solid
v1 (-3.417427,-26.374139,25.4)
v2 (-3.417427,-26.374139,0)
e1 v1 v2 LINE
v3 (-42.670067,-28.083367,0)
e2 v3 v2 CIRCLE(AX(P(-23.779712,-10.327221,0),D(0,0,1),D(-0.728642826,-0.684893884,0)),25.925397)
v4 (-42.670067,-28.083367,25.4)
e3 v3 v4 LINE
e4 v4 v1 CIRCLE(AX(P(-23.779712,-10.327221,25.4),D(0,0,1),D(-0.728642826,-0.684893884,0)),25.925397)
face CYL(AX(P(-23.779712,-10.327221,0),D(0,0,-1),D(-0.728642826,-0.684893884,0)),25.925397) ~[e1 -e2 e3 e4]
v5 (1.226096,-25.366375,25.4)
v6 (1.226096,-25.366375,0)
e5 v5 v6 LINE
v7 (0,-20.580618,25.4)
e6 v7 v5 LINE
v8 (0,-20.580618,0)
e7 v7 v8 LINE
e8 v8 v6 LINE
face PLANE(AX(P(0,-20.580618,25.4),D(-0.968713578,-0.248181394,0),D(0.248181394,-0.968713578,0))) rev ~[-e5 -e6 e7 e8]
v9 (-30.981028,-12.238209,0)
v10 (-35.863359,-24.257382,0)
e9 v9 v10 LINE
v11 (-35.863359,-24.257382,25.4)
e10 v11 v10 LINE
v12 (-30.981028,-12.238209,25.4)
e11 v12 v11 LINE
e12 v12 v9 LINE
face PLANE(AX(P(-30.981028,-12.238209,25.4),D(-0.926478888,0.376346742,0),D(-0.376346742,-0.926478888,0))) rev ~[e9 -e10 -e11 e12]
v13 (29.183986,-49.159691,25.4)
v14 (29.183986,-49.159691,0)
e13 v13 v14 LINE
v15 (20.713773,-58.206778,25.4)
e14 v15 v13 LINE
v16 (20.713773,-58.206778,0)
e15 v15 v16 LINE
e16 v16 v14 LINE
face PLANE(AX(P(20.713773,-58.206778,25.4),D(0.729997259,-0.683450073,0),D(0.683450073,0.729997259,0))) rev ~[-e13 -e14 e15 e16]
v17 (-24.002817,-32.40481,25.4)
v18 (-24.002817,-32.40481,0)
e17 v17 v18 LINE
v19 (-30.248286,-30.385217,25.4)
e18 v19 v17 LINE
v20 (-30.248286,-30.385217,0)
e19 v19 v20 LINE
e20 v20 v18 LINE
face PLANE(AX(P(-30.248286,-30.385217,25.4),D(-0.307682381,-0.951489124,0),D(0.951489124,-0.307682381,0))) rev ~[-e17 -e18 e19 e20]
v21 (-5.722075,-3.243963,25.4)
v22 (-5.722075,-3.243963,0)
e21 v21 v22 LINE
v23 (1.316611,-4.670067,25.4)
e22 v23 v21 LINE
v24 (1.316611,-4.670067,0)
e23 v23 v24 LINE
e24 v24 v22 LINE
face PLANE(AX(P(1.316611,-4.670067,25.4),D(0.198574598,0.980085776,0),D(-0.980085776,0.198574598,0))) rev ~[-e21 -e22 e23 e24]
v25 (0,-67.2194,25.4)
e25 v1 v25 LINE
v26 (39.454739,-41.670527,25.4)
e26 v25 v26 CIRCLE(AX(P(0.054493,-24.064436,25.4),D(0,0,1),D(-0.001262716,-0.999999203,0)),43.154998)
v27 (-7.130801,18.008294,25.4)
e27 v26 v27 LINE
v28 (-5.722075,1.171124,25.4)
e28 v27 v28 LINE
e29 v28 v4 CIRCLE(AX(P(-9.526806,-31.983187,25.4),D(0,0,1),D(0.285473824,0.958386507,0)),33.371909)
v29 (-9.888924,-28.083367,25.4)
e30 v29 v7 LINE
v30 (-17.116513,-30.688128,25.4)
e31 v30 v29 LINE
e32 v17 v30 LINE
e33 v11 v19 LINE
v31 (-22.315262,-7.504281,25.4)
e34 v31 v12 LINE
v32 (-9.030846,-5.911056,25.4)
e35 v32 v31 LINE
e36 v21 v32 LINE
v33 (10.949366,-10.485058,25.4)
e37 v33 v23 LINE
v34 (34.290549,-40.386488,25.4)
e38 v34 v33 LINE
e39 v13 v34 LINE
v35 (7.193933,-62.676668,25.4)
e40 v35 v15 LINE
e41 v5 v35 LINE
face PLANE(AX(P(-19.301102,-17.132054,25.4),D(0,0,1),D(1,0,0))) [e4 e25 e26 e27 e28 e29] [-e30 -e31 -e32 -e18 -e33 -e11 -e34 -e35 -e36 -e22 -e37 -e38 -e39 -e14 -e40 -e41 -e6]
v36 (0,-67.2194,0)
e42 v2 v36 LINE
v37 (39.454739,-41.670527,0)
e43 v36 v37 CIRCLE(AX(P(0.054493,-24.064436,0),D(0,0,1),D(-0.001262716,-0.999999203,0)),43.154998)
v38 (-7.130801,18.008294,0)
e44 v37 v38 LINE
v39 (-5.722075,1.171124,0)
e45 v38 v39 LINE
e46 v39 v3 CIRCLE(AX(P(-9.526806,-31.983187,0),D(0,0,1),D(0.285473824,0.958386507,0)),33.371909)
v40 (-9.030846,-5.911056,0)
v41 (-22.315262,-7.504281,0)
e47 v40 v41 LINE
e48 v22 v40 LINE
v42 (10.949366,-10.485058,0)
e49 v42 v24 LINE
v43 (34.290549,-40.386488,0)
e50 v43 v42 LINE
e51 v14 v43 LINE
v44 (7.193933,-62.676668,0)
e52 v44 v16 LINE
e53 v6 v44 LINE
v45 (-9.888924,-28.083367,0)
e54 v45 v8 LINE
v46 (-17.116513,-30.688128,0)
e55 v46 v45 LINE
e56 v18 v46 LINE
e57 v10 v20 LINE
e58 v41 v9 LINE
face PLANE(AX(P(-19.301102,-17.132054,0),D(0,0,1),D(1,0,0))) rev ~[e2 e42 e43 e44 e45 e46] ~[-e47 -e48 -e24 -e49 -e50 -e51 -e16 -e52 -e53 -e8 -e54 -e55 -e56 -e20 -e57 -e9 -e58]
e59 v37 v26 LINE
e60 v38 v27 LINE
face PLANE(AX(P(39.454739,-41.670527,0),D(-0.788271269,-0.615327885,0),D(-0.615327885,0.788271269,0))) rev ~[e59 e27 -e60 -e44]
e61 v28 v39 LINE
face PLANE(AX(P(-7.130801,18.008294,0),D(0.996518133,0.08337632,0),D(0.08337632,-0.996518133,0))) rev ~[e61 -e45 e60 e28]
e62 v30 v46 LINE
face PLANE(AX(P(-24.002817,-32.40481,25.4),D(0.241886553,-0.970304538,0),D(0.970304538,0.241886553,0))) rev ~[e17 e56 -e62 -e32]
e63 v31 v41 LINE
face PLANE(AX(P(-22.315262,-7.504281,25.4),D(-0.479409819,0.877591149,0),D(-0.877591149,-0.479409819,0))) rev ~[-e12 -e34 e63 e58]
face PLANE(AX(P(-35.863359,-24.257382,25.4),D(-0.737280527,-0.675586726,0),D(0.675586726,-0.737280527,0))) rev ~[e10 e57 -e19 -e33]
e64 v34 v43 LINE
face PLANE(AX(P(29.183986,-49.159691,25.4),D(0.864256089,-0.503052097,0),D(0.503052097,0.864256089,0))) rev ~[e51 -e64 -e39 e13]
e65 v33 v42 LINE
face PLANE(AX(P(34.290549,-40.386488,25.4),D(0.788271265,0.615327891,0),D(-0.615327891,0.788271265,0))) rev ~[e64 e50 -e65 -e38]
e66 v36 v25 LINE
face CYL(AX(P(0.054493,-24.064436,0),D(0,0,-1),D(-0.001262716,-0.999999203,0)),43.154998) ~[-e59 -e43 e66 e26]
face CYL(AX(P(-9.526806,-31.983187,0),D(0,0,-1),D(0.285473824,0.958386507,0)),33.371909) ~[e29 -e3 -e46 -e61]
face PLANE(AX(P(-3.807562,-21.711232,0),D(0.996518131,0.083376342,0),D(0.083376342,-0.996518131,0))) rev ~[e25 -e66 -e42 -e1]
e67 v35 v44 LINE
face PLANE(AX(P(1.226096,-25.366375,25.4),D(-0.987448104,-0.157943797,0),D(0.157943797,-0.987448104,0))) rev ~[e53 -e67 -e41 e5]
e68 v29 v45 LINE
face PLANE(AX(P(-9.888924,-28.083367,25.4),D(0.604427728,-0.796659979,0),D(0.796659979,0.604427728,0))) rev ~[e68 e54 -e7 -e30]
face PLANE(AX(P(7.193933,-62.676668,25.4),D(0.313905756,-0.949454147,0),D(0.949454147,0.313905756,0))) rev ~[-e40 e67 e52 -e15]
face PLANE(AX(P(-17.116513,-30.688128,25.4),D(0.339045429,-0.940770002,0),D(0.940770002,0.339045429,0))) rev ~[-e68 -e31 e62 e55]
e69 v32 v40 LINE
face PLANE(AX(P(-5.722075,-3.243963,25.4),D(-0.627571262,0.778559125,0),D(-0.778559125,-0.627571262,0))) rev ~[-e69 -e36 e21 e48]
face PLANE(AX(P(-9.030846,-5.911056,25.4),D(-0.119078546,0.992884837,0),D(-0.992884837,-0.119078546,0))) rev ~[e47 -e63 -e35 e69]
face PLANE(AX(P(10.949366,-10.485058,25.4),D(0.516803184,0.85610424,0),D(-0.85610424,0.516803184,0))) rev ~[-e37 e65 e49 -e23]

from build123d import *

# Parameters (mm, degrees)
F1_DEPTH = 25.4
F3_DEPTH = 25.4
F5_DEPTH = 25.4


with BuildPart() as f1:
    # F0 (on Top) → F1 (new body)
    with BuildSketch(Plane.XY):
        Polygon((-3.807562, -21.711232), (39.454739, -41.670527), (-7.130801, 18.008294), align=None)
        with BuildLine():
            Line((-3.807562, -21.711232), (0, -67.2194))
            ThreePointArc((0, -67.2194), (23.511012, -60.287986), (39.454739, -41.670527))
            Line((39.454739, -41.670527), (-3.807562, -21.711232))
        make_face()
    extrude(amount=F1_DEPTH)

    # F2 (on Top) → F3 (join)
    with BuildSketch(Plane.XY):
        with BuildLine():
            ThreePointArc((-42.670067, -28.083367), (-9.526807, -31.983188), (0, 0))
            ThreePointArc((0, 0), (-27.873553, -4.107011), (-42.670067, -28.083367))
        make_face()
    extrude(amount=F3_DEPTH)

    # F4 (on face) → F5 (cut)
    with BuildSketch(Plane.XY.offset(25.4)):
        Polygon((-9.030846, -5.911056), (-22.315262, -7.504281), (-11.007384, -7.504281), align=None)
        Polygon((-5.722075, -3.243963), (-9.030846, -5.911056), (1.316611, -4.670067), align=None)
        Polygon((-30.981028, -12.238209), (-35.863359, -24.257382), (-30.248286, -30.385217), (-24.002817, -32.40481), (-17.116513, -30.688128), (-9.888924, -28.083367), (0, -20.580618), (1.226096, -25.366375), (7.193933, -62.676668), (20.713773, -58.206778), (29.183986, -49.159691), (34.290549, -40.386488), (10.949366, -10.485058), (1.316611, -4.670067), (-9.030846, -5.911056), (-11.007384, -7.504281), (-22.315262, -7.504281), align=None)
    extrude(amount=-F5_DEPTH, mode=Mode.SUBTRACT)


solid = f1.part
